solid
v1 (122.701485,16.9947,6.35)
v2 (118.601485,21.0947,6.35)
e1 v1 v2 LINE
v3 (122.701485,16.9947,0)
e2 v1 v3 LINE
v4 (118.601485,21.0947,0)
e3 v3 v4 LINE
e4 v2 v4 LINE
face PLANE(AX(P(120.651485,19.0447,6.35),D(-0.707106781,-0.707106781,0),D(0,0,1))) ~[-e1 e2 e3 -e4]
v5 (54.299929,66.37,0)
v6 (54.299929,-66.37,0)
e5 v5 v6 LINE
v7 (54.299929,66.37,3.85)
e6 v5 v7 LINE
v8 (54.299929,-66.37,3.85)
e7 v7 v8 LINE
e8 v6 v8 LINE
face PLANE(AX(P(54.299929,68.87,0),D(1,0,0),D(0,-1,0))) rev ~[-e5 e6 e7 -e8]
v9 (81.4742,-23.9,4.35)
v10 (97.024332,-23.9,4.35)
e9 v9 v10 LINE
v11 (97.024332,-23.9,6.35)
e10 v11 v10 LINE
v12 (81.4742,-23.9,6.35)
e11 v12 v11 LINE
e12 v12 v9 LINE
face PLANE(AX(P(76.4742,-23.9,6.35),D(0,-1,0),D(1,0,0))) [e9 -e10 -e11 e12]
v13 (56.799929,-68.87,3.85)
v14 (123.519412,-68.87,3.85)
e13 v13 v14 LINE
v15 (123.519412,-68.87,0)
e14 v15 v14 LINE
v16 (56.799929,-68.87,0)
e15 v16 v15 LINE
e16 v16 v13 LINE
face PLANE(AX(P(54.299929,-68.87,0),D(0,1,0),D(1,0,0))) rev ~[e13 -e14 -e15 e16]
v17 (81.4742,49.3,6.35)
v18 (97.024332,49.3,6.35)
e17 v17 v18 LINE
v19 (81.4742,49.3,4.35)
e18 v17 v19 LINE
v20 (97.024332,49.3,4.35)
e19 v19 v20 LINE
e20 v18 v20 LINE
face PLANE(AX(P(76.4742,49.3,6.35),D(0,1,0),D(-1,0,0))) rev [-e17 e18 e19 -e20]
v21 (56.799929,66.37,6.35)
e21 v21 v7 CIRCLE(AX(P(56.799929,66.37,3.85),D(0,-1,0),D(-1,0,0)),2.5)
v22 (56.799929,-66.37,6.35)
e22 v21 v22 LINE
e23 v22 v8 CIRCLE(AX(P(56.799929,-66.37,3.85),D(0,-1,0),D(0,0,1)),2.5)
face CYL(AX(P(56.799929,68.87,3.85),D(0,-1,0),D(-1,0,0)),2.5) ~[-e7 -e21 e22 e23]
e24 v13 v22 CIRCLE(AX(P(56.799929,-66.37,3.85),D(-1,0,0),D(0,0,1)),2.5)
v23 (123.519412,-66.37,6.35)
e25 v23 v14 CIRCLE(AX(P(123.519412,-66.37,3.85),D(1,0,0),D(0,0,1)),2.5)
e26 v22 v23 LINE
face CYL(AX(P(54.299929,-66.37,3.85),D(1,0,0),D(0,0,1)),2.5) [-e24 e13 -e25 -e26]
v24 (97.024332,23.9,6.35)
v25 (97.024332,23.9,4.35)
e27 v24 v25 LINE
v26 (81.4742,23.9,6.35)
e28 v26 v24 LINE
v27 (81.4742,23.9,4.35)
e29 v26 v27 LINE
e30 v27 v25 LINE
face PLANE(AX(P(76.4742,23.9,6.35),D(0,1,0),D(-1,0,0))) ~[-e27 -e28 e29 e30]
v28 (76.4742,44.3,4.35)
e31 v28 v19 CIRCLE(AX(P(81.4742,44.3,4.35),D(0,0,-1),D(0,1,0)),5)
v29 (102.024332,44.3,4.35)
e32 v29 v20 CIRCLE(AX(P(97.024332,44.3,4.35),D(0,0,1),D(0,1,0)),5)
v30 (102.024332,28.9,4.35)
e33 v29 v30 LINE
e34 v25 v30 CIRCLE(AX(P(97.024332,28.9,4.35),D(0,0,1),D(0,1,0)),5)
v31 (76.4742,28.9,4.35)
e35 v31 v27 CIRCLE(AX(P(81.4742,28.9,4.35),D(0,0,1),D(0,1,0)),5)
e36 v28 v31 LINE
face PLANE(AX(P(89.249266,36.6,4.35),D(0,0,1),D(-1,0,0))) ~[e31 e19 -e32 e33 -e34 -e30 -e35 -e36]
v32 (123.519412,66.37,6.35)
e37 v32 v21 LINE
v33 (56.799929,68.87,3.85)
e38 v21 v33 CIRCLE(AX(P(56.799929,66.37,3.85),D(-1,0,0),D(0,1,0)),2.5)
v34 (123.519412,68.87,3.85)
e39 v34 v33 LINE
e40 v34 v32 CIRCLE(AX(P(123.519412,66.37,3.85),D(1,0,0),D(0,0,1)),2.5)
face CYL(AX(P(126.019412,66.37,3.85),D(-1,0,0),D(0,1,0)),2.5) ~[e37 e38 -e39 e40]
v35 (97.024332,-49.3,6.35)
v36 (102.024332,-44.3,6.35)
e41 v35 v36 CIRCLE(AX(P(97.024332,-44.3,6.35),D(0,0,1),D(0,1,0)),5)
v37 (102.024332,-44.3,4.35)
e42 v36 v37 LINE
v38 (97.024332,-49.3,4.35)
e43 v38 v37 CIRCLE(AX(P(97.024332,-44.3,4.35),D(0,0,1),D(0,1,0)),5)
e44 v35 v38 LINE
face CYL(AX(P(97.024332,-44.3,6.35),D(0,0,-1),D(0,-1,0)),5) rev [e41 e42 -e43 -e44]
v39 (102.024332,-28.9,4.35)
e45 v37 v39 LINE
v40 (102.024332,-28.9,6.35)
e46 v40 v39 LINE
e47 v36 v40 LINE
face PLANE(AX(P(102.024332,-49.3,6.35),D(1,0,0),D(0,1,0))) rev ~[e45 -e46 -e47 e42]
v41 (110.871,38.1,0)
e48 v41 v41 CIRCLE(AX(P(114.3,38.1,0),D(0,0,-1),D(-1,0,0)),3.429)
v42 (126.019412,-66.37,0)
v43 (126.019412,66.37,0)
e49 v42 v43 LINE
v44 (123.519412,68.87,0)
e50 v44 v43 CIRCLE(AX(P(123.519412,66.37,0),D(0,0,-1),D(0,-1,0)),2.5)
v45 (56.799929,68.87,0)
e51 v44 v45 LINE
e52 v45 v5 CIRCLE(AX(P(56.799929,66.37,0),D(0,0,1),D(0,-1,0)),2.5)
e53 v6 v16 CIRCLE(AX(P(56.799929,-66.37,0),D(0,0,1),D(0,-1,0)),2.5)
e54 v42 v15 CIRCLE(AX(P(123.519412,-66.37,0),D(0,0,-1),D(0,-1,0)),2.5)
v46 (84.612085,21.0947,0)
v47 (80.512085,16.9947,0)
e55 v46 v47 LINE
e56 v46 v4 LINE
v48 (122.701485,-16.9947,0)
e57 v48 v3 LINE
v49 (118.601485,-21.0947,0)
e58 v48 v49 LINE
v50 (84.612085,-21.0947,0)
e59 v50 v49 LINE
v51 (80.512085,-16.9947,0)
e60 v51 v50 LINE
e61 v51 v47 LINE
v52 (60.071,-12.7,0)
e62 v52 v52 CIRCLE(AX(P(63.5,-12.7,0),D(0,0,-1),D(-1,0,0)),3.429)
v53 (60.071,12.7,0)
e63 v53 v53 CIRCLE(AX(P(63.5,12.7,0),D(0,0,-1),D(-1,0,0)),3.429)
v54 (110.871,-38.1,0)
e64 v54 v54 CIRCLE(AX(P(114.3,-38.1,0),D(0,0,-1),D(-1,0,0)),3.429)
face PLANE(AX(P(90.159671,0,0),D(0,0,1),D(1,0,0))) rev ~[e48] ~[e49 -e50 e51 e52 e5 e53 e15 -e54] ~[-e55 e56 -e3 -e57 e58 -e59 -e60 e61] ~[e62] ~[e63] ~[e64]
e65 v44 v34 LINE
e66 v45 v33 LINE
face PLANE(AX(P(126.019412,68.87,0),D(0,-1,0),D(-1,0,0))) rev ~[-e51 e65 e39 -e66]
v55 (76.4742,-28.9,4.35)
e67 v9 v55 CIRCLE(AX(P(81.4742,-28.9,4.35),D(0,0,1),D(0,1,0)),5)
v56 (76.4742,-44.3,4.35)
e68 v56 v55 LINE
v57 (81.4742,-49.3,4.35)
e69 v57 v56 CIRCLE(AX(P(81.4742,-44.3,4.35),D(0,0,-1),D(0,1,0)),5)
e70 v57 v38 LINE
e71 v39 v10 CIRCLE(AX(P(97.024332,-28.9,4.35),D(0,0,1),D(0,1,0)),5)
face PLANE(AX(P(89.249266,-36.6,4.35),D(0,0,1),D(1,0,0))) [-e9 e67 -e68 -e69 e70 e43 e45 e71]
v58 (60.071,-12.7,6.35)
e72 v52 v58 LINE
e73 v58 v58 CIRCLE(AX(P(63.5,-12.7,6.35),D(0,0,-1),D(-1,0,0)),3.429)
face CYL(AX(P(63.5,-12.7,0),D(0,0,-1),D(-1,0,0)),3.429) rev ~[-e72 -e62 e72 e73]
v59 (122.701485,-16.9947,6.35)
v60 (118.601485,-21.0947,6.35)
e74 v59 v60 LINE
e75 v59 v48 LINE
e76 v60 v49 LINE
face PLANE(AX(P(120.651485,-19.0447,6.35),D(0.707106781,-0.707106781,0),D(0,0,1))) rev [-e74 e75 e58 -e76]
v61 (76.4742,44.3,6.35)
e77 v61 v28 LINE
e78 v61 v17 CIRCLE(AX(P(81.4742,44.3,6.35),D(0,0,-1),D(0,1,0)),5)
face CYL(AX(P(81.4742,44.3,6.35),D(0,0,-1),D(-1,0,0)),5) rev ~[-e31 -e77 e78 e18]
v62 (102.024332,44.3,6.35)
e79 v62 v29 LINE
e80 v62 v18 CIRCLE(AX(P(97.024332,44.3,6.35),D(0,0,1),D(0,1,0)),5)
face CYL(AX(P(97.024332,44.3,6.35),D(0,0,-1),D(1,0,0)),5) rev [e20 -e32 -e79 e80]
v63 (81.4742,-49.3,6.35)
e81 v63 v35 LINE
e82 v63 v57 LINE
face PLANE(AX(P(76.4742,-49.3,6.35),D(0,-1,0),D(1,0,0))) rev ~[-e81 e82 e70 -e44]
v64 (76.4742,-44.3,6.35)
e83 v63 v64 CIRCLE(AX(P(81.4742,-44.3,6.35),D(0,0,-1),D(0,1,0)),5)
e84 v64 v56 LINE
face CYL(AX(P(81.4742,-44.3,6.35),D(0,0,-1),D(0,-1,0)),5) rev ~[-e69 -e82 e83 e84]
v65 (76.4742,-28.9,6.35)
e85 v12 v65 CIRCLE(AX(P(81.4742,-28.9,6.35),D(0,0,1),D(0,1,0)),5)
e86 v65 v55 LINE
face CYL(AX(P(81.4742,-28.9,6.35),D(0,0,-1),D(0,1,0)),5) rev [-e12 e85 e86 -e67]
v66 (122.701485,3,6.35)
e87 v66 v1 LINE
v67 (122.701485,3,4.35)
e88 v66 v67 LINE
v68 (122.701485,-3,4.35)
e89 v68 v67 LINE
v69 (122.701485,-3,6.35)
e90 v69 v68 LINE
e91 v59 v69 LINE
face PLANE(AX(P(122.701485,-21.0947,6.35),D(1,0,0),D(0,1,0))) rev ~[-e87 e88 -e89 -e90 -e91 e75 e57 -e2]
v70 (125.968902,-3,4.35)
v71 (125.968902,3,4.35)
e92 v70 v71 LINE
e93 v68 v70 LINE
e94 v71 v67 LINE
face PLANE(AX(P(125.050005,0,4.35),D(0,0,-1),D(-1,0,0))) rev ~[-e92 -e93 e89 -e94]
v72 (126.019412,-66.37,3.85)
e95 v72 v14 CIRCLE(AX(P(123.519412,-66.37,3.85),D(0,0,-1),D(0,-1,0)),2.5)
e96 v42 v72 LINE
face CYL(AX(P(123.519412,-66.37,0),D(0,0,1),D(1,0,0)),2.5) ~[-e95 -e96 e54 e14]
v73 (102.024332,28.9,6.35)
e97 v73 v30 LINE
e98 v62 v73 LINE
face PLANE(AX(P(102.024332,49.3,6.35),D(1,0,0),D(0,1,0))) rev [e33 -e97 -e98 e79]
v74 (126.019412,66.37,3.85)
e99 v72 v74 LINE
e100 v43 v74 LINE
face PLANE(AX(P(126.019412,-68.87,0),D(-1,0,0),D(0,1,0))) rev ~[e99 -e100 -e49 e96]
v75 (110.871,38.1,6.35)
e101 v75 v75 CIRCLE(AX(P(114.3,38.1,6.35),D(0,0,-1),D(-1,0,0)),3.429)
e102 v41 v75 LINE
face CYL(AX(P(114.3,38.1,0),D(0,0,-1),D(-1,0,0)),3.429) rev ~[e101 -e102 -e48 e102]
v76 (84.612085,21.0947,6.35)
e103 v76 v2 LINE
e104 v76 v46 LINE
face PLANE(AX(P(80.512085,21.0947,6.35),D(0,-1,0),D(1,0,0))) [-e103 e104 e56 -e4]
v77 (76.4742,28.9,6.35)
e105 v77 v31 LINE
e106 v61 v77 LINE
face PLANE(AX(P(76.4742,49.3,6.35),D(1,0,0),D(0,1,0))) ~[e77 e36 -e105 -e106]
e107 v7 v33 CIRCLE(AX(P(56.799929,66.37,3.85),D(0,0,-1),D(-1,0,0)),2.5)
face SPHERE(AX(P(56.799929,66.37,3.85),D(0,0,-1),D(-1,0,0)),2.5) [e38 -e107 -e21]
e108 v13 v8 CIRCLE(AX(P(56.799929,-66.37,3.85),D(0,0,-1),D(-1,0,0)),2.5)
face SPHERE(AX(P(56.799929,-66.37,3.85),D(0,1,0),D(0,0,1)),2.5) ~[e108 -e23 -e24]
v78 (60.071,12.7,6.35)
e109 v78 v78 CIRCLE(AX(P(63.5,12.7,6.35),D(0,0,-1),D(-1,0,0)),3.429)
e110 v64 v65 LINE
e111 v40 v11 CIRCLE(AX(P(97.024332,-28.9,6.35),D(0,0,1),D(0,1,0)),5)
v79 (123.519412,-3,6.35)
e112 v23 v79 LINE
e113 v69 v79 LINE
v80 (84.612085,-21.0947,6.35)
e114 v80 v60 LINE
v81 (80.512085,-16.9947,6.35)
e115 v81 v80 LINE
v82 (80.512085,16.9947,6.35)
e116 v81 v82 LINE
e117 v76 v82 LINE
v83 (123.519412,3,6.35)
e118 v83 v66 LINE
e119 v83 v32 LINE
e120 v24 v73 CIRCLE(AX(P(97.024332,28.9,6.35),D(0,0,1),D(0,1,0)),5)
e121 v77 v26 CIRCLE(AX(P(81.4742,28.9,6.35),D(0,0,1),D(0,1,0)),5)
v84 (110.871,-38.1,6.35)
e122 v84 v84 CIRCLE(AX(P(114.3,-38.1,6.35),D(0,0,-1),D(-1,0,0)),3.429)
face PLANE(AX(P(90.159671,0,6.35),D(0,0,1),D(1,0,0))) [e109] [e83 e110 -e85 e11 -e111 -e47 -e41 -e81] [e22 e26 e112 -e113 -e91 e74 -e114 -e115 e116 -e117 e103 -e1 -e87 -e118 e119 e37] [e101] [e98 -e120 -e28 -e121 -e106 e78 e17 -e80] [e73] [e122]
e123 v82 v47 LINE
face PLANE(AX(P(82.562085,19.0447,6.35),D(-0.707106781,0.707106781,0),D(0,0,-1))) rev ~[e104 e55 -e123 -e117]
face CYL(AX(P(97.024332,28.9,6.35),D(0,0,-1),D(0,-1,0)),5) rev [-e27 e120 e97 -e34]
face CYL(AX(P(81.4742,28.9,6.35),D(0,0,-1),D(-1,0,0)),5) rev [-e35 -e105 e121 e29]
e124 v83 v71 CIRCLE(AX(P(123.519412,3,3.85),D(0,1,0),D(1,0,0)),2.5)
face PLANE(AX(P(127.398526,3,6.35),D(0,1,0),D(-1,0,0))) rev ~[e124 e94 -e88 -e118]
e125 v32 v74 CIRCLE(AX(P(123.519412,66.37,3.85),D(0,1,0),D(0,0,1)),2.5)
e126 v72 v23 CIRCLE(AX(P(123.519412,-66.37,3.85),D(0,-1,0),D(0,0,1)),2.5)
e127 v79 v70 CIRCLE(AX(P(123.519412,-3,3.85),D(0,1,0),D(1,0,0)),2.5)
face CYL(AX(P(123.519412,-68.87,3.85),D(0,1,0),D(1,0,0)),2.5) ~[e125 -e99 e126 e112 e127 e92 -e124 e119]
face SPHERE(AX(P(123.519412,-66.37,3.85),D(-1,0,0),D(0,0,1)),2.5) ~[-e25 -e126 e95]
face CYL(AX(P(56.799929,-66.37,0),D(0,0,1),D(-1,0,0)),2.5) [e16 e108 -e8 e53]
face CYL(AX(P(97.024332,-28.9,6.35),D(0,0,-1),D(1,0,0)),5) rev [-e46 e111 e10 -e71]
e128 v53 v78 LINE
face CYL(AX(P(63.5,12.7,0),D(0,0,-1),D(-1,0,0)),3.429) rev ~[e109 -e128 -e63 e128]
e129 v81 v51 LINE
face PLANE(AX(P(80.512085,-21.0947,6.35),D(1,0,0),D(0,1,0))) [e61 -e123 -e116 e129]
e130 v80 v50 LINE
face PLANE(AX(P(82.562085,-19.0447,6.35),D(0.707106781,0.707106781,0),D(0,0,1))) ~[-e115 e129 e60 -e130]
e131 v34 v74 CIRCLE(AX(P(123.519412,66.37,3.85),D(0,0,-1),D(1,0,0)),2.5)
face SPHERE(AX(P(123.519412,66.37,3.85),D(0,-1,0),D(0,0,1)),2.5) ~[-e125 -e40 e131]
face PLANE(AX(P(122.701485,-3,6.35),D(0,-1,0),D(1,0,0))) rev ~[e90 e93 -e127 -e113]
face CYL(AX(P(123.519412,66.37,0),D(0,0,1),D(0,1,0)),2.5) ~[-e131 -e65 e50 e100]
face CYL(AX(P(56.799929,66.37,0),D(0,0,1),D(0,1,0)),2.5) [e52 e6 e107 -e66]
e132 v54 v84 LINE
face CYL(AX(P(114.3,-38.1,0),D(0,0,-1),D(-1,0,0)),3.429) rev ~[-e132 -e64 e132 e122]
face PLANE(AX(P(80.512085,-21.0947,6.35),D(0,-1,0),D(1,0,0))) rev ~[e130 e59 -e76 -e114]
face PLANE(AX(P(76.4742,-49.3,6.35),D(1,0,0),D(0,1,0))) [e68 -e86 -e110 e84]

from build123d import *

# Parameters (mm, degrees)
BOSS_EXTRUDE3_DEPTH  = 6.35
SKETCH6_R            = 3.429
CUT_EXTRUDE5_DEPTH   = 6.35
FILLET2_R            = 2.5
SKETCH7_R            = 3.43
CUT_EXTRUDE6_DEPTH   = 144.750797039
SKETCH10_W           = 42.1894
SKETCH10_H           = 42.1894
CUT_EXTRUDE8_DEPTH   = 144.750797039
CUT_EXTRUDE9_DEPTH   = 2
SKETCH12_W           = 25.550132031
SKETCH12_H           = 25.4
CUT_EXTRUDE10_DEPTH  = 2
FILLET3_R            = 5
FILLET3_OF_MIRROR1_R = 5
CHAMFER1_SIZE        = 4.1


with BuildPart() as part:
    # Sketch1 → Boss-Extrude3 (new body)
    with BuildSketch(Plane.XY):
        Polygon((126.019412193, 68.87), (68.0566, 68.87), (62.2146, 68.87), (54.299929099, 68.87), (54.299929099, -68.87), (62.2146, -68.87), (126.019412193, -68.87), align=None)
    extrude(amount=BOSS_EXTRUDE3_DEPTH)

    # Sketch6 → Cut-Extrude5 (cut)
    with BuildSketch(Plane(origin=(0, 0, 0), x_dir=(-1, 0, 0), z_dir=(0, 0, -1))):
        with Locations((-63.5, 12.7)):
            Circle(SKETCH6_R)
        with Locations((-114.3, 38.1)):
            Circle(SKETCH6_R)
        with Locations((-114.3, -38.1)):
            Circle(SKETCH6_R)
        with Locations((-63.5, -12.7)):
            Circle(SKETCH6_R)
    extrude(amount=-CUT_EXTRUDE5_DEPTH, mode=Mode.SUBTRACT)

    # Fillet2
    fillet2_edges = [part.edges().sort_by_distance(p)[0] for p in [
        (54.299929099, 68.87, 3.175),
        (54.299929099, 0, 6.35),
        (90.159670646, -68.87, 6.35),
        (126.019412193, 0, 6.35),
        (90.159670646, 68.87, 6.35),
        (126.019412193, 68.87, 3.175),
        (126.019412193, -68.87, 3.175),
        (54.299929099, -68.87, 3.175),
    ]]
    fillet(fillet2_edges, radius=FILLET2_R)

    # Sketch7 → Cut-Extrude6 (cut, through all)
    with BuildSketch(Plane.XY.offset(6.35)):
        with Locations((90.159670646, 0)):
            Circle(SKETCH7_R)
    extrude(amount=-CUT_EXTRUDE6_DEPTH, mode=Mode.SUBTRACT)

    # Sketch10 → Cut-Extrude8 (cut, through all)
    with BuildSketch(Plane.XY.offset(6.35)):
        with Locations((101.606785129, 0)):
            Rectangle(SKETCH10_W, SKETCH10_H)
    extrude(amount=-CUT_EXTRUDE8_DEPTH, mode=Mode.SUBTRACT)

    # Sketch11 → Cut-Extrude9 (cut)
    with BuildSketch(Plane.XY.offset(6.35)):
        Polygon((123.519412193, -3), (122.701485129, -3), (122.701485129, 3), (123.519412193, 3), (127.39852583, 3), (127.39852583, -3), align=None)
    extrude(amount=-CUT_EXTRUDE9_DEPTH, mode=Mode.SUBTRACT)

    # Sketch12 → Cut-Extrude10 (cut)
    with BuildSketch(Plane.XY.offset(6.35)):
        with Locations((89.249266016, -36.599999996)):
            Rectangle(SKETCH12_W, SKETCH12_H)
    cut_extrude10 = extrude(amount=-CUT_EXTRUDE10_DEPTH, mode=Mode.SUBTRACT)

    # Fillet3
    fillet3_edges = [part.edges().sort_by_distance(p)[0] for p in [
        (76.4742, -49.299999996, 5.35),
        (76.4742, -23.899999996, 5.35),
        (102.024332031, -23.899999996, 5.35),
        (102.024332031, -49.299999996, 5.35),
    ]]
    fillet(fillet3_edges, radius=FILLET3_R)

    # Mirror1: Cut-Extrude10 across plane
    add(cut_extrude10.mirror(Plane(origin=(0, 0, 0), x_dir=(0, 0, 1), z_dir=(0, -1, 0))), mode=Mode.SUBTRACT)

    # Fillet3 of Mirror1
    fillet3_of_mirror1_edges = [part.edges().sort_by_distance(p)[0] for p in [
        (76.4742, 49.299999996, 5.35),
        (76.4742, 23.899999996, 5.35),
        (102.024332031, 23.899999996, 5.35),
        (102.024332031, 49.299999996, 5.35),
    ]]
    fillet(fillet3_of_mirror1_edges, radius=FILLET3_OF_MIRROR1_R)

    # Chamfer1
    chamfer1_edges = [part.edges().sort_by_distance(p)[0] for p in [
        (122.701485129, 21.0947, 3.175),
        (122.701485129, -21.0947, 3.175),
        (80.512085129, -21.0947, 3.175),
        (80.512085129, 21.0947, 3.175),
    ]]
    chamfer(chamfer1_edges, length=CHAMFER1_SIZE)


solid = part.part
